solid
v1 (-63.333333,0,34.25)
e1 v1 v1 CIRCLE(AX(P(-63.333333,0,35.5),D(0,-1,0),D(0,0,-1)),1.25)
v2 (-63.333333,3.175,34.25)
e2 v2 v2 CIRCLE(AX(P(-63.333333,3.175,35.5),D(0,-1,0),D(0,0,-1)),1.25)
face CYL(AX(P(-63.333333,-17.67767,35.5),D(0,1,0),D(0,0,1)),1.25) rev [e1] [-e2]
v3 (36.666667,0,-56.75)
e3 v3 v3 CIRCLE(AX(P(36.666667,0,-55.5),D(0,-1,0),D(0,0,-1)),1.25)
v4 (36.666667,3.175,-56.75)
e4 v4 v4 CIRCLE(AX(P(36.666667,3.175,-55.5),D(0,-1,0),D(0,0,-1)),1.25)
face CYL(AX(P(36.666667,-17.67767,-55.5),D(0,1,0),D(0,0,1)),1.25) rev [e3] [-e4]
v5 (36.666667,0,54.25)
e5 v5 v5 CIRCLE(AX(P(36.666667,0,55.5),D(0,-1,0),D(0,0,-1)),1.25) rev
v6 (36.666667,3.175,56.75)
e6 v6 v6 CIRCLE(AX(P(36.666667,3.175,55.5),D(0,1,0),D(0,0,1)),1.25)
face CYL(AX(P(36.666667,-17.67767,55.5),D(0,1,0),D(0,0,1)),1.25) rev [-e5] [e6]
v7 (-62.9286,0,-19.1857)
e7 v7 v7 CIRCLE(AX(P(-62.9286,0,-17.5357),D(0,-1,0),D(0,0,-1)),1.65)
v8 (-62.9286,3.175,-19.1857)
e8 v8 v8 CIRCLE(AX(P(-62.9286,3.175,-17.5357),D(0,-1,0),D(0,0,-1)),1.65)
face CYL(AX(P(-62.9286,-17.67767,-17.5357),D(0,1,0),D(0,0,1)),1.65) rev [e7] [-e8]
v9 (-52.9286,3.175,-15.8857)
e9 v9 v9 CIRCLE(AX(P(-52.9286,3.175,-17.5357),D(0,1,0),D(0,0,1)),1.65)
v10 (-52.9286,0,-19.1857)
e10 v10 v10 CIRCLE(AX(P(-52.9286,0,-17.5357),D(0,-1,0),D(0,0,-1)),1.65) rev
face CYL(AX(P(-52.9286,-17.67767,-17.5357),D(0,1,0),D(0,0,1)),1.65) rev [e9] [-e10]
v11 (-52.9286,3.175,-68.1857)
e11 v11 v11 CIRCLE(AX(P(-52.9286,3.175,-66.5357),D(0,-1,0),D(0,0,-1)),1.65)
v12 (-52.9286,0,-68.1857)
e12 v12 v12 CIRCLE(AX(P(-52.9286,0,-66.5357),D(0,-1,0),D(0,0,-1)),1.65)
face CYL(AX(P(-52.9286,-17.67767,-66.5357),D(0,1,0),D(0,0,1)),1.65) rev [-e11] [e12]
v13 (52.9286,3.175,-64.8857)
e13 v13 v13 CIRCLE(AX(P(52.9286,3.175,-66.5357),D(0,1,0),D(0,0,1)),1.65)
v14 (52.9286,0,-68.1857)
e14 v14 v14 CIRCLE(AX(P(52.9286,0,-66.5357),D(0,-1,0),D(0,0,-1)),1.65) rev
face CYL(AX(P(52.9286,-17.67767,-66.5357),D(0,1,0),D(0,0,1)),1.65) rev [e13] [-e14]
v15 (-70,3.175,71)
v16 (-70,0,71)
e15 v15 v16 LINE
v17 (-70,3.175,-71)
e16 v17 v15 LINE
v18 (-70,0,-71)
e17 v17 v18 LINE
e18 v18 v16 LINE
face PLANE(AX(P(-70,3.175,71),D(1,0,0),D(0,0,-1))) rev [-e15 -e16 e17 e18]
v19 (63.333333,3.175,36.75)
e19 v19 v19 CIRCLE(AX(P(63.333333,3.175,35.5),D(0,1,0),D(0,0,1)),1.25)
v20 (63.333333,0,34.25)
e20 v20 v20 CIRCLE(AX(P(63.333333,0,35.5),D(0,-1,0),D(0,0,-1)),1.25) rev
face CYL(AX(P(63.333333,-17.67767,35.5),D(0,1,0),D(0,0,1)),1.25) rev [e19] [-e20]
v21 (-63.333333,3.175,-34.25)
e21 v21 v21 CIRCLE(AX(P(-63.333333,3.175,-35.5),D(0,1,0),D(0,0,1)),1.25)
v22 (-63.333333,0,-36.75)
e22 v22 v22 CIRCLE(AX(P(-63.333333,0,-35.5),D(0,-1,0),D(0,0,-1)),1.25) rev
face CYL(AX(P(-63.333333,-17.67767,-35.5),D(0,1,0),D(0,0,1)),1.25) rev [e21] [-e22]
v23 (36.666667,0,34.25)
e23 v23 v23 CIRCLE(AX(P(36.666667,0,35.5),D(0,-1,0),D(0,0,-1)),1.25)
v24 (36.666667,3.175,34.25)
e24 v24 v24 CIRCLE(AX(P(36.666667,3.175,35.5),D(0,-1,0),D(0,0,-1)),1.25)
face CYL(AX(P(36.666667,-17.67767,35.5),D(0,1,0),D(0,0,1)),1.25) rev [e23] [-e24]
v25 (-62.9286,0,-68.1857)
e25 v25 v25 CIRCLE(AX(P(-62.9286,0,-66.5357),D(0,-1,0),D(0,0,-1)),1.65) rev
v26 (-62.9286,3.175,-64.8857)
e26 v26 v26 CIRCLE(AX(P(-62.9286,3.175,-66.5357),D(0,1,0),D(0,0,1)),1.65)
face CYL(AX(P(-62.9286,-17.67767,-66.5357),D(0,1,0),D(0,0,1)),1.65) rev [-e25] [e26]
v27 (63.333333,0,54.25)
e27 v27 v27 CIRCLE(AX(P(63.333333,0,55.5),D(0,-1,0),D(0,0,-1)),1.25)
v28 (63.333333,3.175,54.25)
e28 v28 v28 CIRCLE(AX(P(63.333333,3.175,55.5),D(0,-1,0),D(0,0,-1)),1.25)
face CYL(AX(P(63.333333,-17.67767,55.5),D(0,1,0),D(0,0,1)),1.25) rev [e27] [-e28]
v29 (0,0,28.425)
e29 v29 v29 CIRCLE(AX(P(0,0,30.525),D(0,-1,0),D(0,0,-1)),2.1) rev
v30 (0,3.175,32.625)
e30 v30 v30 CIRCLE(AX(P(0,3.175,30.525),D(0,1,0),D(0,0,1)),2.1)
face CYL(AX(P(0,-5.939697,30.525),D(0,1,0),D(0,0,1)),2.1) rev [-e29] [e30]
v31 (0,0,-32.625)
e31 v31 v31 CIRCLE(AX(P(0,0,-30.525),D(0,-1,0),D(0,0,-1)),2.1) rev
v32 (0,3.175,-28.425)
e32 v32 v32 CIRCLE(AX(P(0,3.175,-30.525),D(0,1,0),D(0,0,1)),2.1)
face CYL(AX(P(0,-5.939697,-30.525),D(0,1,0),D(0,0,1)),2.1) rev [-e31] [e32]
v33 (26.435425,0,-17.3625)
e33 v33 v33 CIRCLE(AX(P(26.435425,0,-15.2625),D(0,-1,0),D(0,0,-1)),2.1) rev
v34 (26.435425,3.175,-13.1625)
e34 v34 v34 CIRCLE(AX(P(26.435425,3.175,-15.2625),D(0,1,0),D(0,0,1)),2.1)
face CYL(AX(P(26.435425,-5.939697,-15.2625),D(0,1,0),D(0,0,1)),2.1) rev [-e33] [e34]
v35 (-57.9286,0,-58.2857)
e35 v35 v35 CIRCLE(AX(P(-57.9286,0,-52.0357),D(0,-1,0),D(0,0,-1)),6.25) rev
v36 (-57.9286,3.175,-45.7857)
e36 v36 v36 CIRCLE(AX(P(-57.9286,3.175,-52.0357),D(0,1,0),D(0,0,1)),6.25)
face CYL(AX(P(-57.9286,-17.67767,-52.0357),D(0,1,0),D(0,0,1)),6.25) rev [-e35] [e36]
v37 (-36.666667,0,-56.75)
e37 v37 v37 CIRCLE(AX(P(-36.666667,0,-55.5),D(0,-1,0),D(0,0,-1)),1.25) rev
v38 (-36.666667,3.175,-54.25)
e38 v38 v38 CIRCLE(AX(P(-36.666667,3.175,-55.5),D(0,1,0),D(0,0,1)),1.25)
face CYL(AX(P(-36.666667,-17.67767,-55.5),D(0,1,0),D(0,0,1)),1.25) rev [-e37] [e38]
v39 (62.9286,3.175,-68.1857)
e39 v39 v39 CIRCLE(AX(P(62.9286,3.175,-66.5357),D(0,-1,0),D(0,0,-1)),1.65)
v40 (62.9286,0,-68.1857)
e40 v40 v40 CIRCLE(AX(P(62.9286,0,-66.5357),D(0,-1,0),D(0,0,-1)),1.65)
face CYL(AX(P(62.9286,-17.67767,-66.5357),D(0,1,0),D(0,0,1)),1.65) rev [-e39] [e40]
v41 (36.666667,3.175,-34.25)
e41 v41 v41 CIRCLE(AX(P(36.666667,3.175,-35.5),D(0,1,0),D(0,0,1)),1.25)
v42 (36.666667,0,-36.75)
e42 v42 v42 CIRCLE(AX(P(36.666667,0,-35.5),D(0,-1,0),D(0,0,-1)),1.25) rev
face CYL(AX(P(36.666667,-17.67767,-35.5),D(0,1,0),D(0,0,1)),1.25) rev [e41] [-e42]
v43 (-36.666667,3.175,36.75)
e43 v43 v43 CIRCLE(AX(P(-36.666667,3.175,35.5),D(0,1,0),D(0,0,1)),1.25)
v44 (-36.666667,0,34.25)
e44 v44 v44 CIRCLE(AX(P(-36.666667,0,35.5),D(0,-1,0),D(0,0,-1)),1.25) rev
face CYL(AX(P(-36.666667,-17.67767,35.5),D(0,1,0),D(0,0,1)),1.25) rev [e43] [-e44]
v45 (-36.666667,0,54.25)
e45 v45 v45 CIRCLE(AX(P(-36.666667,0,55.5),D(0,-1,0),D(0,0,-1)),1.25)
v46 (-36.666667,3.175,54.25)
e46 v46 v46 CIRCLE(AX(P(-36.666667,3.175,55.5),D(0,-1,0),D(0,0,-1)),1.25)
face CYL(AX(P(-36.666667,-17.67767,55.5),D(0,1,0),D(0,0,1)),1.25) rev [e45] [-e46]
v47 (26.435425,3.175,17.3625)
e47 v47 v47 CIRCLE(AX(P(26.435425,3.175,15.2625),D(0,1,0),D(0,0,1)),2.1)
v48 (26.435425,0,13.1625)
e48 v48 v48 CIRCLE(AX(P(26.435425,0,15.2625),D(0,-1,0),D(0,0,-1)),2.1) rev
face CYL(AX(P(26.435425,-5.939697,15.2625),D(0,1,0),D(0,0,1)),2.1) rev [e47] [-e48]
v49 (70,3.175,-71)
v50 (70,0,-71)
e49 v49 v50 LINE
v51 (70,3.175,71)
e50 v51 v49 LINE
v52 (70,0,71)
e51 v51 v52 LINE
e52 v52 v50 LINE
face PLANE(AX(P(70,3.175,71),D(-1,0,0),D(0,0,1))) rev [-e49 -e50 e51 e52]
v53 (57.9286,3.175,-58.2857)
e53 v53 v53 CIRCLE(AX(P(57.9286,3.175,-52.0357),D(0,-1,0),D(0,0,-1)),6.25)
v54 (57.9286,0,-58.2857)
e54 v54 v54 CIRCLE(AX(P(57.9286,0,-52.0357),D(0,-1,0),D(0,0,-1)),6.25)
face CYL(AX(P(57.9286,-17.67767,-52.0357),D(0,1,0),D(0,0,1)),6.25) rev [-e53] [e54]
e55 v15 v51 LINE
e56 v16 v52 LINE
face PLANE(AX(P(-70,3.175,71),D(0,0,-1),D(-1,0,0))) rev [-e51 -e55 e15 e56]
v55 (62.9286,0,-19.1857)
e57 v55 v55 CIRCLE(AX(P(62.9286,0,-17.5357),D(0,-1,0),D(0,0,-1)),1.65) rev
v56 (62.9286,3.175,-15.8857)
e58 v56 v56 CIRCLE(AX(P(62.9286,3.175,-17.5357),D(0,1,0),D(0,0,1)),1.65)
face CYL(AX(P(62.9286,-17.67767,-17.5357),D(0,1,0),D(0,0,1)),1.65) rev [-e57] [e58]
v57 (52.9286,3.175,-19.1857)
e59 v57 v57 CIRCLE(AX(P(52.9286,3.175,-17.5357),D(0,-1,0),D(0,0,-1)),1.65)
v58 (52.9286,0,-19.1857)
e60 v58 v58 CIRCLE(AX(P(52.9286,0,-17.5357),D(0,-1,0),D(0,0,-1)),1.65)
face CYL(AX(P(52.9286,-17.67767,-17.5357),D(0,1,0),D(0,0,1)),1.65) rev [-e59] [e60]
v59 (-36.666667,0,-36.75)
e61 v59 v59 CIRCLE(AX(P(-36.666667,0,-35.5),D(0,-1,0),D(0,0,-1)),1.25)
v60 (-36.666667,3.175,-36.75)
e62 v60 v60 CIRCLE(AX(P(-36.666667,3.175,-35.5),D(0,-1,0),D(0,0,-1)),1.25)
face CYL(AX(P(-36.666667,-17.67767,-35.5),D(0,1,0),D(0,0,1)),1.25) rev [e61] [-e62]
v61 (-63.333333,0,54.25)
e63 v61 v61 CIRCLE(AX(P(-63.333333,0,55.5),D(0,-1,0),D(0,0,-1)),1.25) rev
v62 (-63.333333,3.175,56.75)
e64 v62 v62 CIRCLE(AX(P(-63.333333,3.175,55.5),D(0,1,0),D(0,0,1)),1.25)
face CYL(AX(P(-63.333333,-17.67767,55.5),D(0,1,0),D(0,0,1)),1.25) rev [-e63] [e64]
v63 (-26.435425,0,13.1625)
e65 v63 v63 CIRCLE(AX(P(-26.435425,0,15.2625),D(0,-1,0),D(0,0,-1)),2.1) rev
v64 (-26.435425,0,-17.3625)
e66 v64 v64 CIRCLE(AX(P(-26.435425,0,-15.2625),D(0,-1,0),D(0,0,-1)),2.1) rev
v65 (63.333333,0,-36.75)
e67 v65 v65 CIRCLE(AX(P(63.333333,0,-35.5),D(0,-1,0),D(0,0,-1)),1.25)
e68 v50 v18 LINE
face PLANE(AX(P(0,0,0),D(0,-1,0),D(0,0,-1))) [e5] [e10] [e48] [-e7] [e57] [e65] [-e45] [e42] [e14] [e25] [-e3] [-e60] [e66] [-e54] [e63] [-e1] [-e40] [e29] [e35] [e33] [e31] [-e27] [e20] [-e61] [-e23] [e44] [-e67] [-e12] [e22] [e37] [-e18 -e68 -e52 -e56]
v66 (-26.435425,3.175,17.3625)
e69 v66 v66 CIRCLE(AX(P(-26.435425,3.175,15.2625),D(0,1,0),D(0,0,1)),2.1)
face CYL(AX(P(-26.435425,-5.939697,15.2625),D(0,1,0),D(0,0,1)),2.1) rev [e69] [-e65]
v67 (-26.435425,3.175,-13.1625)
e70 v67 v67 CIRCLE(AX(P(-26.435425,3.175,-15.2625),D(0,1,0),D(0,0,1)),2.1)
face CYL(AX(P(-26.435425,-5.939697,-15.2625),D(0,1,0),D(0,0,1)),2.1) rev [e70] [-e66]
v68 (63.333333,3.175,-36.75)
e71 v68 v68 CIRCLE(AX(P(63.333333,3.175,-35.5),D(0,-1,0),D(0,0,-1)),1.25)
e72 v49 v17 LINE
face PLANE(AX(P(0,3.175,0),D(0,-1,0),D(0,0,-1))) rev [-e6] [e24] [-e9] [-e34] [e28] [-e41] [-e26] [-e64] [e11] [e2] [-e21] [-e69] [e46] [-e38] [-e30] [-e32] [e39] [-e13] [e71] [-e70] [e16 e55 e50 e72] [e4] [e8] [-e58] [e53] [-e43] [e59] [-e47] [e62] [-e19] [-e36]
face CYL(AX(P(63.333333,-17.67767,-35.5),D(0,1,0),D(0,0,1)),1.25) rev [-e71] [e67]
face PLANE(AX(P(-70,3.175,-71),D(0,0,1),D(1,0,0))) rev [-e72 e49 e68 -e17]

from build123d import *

# Parameters (mm, degrees)
SKETCH1_W           = 140
SKETCH1_H           = 142
BOSS_EXTRUDE1_DEPTH = 3.175
SKETCH2_R           = 6.25
SKETCH2_R_2         = 1.65
SKETCH2_R_3         = 1.25
CUT_EXTRUDE1_DEPTH  = 3.175
SKETCH4_R           = 2.1
CUT_EXTRUDE2_DEPTH  = 3.175


with BuildPart() as part:
    # Sketch1 → Boss-Extrude1 (new body)
    with BuildSketch(Plane(origin=(0, 0, 0), x_dir=(1, 0, 0), z_dir=(0, 1, 0))):
        Rectangle(SKETCH1_W, SKETCH1_H)
    extrude(amount=BOSS_EXTRUDE1_DEPTH)

    # Sketch2 → Cut-Extrude1 (cut)
    with BuildSketch(Plane(origin=(0, 3.175, 0), x_dir=(1, 0, 0), z_dir=(0, 1, 0))):
        with Locations(Location((-57.9286, 52.0357, 0), (0, 0, 270))):
            Circle(SKETCH2_R)
        with Locations(Location((-62.9286, 66.5357, 0), (0, 0, 270))):
            Circle(SKETCH2_R_2)
        with Locations(Location((-52.9286, 66.5357, 0), (0, 0, 90))):
            Circle(SKETCH2_R_2)
        with Locations(Location((-52.9286, 17.5357, 0), (0, 0, 270))):
            Circle(SKETCH2_R_2)
        with Locations(Location((-62.9286, 17.5357, 0), (0, 0, 90))):
            Circle(SKETCH2_R_2)
        with Locations(Location((52.9286, 17.5357, 0), (0, 0, 90))):
            Circle(SKETCH2_R_2)
        with Locations(Location((62.9286, 17.5357, 0), (0, 0, 270))):
            Circle(SKETCH2_R_2)
        with Locations(Location((57.9286, 52.0357, 0), (0, 0, 90))):
            Circle(SKETCH2_R)
        with Locations(Location((52.9286, 66.5357, 0), (0, 0, 270))):
            Circle(SKETCH2_R_2)
        with Locations(Location((62.9286, 66.5357, 0), (0, 0, 90))):
            Circle(SKETCH2_R_2)
        with Locations(Location((-36.666666667, 55.5, 0), (0, 0, 270))):
            Circle(SKETCH2_R_3)
        with Locations(Location((-36.666666667, 35.5, 0), (0, 0, 90))):
            Circle(SKETCH2_R_3)
        with Locations(Location((-63.333333333, 35.5, 0), (0, 0, 270))):
            Circle(SKETCH2_R_3)
        with Locations(Location((36.666666667, 35.5, 0), (0, 0, 270))):
            Circle(SKETCH2_R_3)
        with Locations(Location((63.333333333, 35.5, 0), (0, 0, 90))):
            Circle(SKETCH2_R_3)
        with Locations(Location((36.666666667, 55.5, 0), (0, 0, 90))):
            Circle(SKETCH2_R_3)
        with Locations(Location((63.333333333, -35.5, 0), (0, 0, 270))):
            Circle(SKETCH2_R_3)
        with Locations(Location((36.666666667, -35.5, 0), (0, 0, 90))):
            Circle(SKETCH2_R_3)
        with Locations(Location((63.333333333, -55.5, 0), (0, 0, 90))):
            Circle(SKETCH2_R_3)
        with Locations(Location((36.666666667, -55.5, 0), (0, 0, 270))):
            Circle(SKETCH2_R_3)
        with Locations(Location((-36.666666667, -35.5, 0), (0, 0, 270))):
            Circle(SKETCH2_R_3)
        with Locations(Location((-63.333333333, -35.5, 0), (0, 0, 90))):
            Circle(SKETCH2_R_3)
        with Locations(Location((-36.666666667, -55.5, 0), (0, 0, 90))):
            Circle(SKETCH2_R_3)
        with Locations(Location((-63.333333333, -55.5, 0), (0, 0, 270))):
            Circle(SKETCH2_R_3)
    extrude(amount=-CUT_EXTRUDE1_DEPTH, mode=Mode.SUBTRACT)

    # Sketch4 → Cut-Extrude2 (cut)
    with BuildSketch(Plane(origin=(0, 3.175, 0), x_dir=(1, 0, 0), z_dir=(0, 1, 0))):
        with Locations(Location((0, 30.525, 0), (0, 0, 270))):
            Circle(SKETCH4_R)
        with Locations(Location((26.435425451, 15.2625, 0), (0, 0, 270))):
            Circle(SKETCH4_R)
        with Locations(Location((26.435425451, -15.2625, 0), (0, 0, 270))):
            Circle(SKETCH4_R)
        with Locations(Location((0, -30.525, 0), (0, 0, 270))):
            Circle(SKETCH4_R)
        with Locations(Location((-26.435425451, -15.2625, 0), (0, 0, 270))):
            Circle(SKETCH4_R)
        with Locations(Location((-26.435425451, 15.2625, 0), (0, 0, 270))):
            Circle(SKETCH4_R)
    extrude(amount=-CUT_EXTRUDE2_DEPTH, mode=Mode.SUBTRACT)


solid = part.part
